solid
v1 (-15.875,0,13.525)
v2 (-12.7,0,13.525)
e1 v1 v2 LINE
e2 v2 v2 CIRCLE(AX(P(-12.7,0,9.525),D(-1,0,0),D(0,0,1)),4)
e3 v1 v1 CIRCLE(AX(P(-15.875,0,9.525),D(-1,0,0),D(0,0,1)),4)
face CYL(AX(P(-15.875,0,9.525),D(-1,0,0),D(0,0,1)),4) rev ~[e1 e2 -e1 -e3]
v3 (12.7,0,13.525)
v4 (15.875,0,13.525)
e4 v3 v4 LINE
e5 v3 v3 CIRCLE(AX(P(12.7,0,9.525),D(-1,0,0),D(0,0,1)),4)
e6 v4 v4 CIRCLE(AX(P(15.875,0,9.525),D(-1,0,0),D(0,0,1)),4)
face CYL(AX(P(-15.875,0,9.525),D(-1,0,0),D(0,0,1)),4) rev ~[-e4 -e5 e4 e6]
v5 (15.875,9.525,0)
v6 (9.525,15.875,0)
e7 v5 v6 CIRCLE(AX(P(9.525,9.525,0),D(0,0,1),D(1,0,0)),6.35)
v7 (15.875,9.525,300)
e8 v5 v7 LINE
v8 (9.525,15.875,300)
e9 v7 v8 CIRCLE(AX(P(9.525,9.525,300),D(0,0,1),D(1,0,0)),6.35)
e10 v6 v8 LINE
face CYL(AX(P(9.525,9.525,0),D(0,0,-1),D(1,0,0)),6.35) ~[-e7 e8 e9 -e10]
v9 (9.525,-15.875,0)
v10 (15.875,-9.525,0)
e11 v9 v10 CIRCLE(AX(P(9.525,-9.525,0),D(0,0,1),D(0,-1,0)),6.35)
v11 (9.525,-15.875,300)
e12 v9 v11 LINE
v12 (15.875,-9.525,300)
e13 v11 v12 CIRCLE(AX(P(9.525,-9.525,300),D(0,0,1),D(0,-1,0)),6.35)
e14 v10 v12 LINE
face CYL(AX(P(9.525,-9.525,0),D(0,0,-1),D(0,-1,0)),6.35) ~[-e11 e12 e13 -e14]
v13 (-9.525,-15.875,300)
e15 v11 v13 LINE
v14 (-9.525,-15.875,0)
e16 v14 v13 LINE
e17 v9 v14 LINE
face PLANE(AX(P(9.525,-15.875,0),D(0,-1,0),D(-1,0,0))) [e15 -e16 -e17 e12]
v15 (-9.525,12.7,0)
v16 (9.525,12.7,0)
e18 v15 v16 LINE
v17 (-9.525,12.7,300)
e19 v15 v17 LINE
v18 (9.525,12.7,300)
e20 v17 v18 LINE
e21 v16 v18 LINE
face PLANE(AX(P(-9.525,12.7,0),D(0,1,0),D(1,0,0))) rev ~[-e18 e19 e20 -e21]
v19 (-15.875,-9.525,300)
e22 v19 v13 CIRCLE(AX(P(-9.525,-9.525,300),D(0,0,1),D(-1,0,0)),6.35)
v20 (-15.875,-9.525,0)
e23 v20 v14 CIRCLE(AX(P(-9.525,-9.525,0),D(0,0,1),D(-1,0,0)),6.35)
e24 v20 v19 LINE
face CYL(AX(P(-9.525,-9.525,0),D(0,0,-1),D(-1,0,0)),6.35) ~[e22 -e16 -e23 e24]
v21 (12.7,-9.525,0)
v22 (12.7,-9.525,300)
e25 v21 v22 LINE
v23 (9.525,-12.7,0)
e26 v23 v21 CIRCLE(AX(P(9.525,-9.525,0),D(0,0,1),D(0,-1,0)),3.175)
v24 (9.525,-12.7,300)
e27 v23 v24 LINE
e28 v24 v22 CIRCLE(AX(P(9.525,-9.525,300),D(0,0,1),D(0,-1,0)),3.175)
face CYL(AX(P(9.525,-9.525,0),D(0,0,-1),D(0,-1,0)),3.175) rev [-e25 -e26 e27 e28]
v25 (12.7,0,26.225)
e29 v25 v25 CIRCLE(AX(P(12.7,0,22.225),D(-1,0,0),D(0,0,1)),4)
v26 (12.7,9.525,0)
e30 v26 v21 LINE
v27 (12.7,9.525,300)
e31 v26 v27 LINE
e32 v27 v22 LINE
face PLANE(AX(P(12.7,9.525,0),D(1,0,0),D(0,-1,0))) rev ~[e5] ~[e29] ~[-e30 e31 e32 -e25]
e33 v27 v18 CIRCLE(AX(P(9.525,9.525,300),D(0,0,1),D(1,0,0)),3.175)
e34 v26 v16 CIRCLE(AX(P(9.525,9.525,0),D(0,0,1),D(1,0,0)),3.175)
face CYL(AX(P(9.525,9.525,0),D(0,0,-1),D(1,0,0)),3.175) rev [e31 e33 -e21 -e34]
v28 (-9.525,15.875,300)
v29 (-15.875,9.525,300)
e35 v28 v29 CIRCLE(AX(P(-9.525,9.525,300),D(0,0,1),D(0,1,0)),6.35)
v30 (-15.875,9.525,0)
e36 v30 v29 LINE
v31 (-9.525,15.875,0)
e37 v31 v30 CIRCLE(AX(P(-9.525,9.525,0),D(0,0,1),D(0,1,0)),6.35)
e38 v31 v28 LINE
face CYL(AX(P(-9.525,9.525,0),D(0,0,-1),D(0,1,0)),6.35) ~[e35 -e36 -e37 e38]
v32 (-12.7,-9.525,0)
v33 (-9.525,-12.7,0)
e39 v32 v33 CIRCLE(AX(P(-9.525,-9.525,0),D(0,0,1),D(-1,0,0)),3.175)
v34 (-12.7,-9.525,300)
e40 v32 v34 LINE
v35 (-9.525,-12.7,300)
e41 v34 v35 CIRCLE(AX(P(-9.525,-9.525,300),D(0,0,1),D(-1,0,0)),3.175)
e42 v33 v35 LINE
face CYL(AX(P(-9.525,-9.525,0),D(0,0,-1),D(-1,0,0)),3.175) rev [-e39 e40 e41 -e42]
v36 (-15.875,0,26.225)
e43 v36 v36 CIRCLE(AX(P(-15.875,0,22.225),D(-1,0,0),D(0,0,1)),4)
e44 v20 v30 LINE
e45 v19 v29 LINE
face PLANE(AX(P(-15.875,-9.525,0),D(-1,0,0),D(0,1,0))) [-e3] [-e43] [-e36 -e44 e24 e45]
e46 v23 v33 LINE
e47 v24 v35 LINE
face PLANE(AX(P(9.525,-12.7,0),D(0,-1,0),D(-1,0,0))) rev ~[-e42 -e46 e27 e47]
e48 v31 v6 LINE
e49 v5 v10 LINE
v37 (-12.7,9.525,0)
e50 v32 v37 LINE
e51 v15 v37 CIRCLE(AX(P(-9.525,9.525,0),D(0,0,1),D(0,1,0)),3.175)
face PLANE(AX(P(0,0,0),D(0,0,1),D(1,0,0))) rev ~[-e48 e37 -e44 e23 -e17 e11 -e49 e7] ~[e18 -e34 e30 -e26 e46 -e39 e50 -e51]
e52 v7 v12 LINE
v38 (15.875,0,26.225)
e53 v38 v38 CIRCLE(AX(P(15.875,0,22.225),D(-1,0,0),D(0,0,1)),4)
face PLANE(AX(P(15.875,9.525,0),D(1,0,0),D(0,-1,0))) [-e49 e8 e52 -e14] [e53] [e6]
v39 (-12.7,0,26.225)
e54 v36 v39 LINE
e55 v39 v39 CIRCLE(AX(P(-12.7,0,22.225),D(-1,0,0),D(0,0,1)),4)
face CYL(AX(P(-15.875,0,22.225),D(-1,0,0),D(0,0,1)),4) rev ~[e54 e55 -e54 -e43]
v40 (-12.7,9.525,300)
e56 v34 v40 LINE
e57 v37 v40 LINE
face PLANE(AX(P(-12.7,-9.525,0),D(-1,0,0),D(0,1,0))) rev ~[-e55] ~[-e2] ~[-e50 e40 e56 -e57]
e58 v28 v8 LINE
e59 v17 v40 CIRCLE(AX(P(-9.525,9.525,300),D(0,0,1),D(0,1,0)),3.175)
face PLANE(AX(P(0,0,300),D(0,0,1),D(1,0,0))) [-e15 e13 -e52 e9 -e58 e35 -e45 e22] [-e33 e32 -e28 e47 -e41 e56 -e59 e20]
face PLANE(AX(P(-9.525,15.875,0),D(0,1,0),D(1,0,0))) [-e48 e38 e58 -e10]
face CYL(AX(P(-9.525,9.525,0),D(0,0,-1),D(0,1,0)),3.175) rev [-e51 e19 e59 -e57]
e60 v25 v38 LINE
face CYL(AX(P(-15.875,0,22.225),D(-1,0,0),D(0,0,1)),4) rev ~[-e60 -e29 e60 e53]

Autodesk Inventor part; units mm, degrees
ref_plane "YZ Plane" through (0, 0, 0) normal (1, 0, 0) x (0, 1, 0)
ref_plane "Start Plane" through (0, 0, 0) normal (0, 0, 1) x (1, 0, 0)
ref_plane "End Plane" through (0, 0, 300) normal (0, 0, 1) x (1, 0, 0)
sketch "Sketch" plane through (0, 0, 0) normal (0, 0, 1) x (1, 0, 0)
  line L0 (-15.875, -9.525) -> (-15.875, 9.525)
  line L1 (-9.525, 15.875) -> (9.525, 15.875)
  line L2 (15.875, 9.525) -> (15.875, -9.525)
  line L3 (9.525, -15.875) -> (-9.525, -15.875)
  arc A0 (-15.875, -9.525) -> (-9.525, -15.875) centre (-9.525, -9.525) ccw
  arc A1 (-9.525, 15.875) -> (-15.875, 9.525) centre (-9.525, 9.525) ccw
  arc A2 (15.875, 9.525) -> (9.525, 15.875) centre (9.525, 9.525) ccw
  arc A3 (9.525, -15.875) -> (15.875, -9.525) centre (9.525, -9.525) ccw
  arc A4 (-9.525, 12.7) -> (-12.7, 9.525) centre (-9.525, 9.525) ccw
  line L4 (-9.525, 12.7) -> (9.525, 12.7)
  arc A5 (12.7, 9.525) -> (9.525, 12.7) centre (9.525, 9.525) ccw
  line L5 (12.7, 9.525) -> (12.7, -9.525)
  arc A6 (9.525, -12.7) -> (12.7, -9.525) centre (9.525, -9.525) ccw
  line L6 (9.525, -12.7) -> (-9.525, -12.7)
  arc A7 (-12.7, -9.525) -> (-9.525, -12.7) centre (-9.525, -9.525) ccw
  line L7 (-12.7, -9.525) -> (-12.7, 9.525)
  line L8 (0, 24.0662) -> (0, -24.0662) construction
  line L9 (-24.0662, 0) -> (24.0662, 0) construction
  dimension "d10" = 31.75
  dimension "d11" = 31.75
  dimension "d12" = 3.175
  dimension "d15" = 15.875
  dimension "d16" = 15.875
  dimension "d17" = 6.35
extrude "Body" add sketch "Sketch" along normal up to surface (300 mm away) from surface at 0
sketch "Sketch3" plane through (0, 0, 0) normal (0, 0, 1) x (1, 0, 0)
  line L0 (0, 0) -> (10, 0)
ref_plane "Work Plane3" through (0, 0, 0) normal (0, -1, 0) x (1, 0, 0)
sketch "Sketch5" plane through (-15.875, 9.525, 0) normal (-1, 0, 0) x (0, 0, 1)
  line L0 (16.725, -12.7004) -> (22.225, -15.8759)
  line L1 (22.225, -15.8759) -> (27.725, -12.7004)
  line L2 (4.025, -6.3496) -> (9.525, -3.1741)
  line L3 (9.525, -3.1741) -> (15.025, -6.3496)
  line L4 (4.025, -12.7004) -> (4.025, -6.3496)
  line L5 (9.525, -15.8759) -> (4.025, -12.7004)
  line L6 (15.025, -6.3496) -> (15.025, -12.7004)
  line L7 (15.025, -12.7004) -> (9.525, -15.8759)
  circle A0 centre (9.525, -9.525) radius 4
  line L8 (16.725, -6.3496) -> (16.725, -12.7004)
  line L9 (27.725, -12.7004) -> (27.725, -6.3496)
  circle A1 centre (22.225, -9.525) radius 4
  line L10 (15.875, -25.4) -> (15.875, 6.35)
  line L11 (27.725, -6.3496) -> (22.225, -3.1741)
  line L12 (22.225, -3.1741) -> (16.725, -6.3496)
  line L13 (300, -19.05) -> (300, 0) projected
  line L14 (0, 0) -> (300, 0) projected
  line L15 (0, -19.05) -> (0, 0) projected
  line L16 (0, -19.05) -> (300, -19.05) projected
  line L17 (300, -25.4) -> (300, -19.05) projected
  line L18 (0, -19.05) -> (300, -19.05) projected
  line L19 (0, -25.4) -> (0, -19.05) projected
  line L20 (0, -25.4) -> (300, -25.4) projected
  line L21 (300, 0) -> (300, 6.35) projected
  line L22 (0, 6.35) -> (300, 6.35) projected
  line L23 (0, 0) -> (0, 6.35) projected
  line L24 (0, 0) -> (300, 0) projected
  line L25 (0, 6.35) -> (31.75, 6.35)
  line L26 (31.75, 6.35) -> (31.75, -25.4)
  line L27 (31.75, -25.4) -> (0, -25.4)
  line L28 (0, -25.4) -> (0, 6.35)
  point P0 (0, -9.525)
  point P1 (15.025, -9.525)
  point P2 (16.725, -9.525)
  point P3 (15.875, -9.525)
  dimension "d20" = 8
  dimension "d21" = 11
  dimension "d22" = 6.35
extrude "Extrusion2" cut sketch "Sketch5" against normal through all contours A0 | A1
sketch "Sketch4" plane through (0, 0, 0) normal (0, -1, 0) x (1, 0, 0)
  line L0 (-2, 0) -> (12, 0) projected
  line L1 (-2, 300) -> (12, 300) projected
  dimension "d19" = 300
equation "\"d10\" = G_H"
equation "\"d11\" = G_W"
equation "\"d12\" = G_T"
equation "\"d15\" = 0.5 * d10"
equation "\"d16\" = 0.5 * d11"
equation "\"d17\" = G_IR"
equation "\"d3\" = G_L"
equation "\"G_W\" = 31.75"
equation "\"G_H\" = 31.75"
equation "\"G_T\" = 3.175"
equation "\"G_IR\" = 6.35"
equation "\"G_L\" = d19"
equation "\"G_OFFSET_START\" = 0"
equation "\"G_OFFSET_END\" = 0"
equation "\"d14\" = G_OFFSET_END + B_L"
equation "\"B_L\" = 300"
properties part number "AISC HSS - (1 1/4x1 1/4x1/8) - 11.811" material "Steel, Mild"
